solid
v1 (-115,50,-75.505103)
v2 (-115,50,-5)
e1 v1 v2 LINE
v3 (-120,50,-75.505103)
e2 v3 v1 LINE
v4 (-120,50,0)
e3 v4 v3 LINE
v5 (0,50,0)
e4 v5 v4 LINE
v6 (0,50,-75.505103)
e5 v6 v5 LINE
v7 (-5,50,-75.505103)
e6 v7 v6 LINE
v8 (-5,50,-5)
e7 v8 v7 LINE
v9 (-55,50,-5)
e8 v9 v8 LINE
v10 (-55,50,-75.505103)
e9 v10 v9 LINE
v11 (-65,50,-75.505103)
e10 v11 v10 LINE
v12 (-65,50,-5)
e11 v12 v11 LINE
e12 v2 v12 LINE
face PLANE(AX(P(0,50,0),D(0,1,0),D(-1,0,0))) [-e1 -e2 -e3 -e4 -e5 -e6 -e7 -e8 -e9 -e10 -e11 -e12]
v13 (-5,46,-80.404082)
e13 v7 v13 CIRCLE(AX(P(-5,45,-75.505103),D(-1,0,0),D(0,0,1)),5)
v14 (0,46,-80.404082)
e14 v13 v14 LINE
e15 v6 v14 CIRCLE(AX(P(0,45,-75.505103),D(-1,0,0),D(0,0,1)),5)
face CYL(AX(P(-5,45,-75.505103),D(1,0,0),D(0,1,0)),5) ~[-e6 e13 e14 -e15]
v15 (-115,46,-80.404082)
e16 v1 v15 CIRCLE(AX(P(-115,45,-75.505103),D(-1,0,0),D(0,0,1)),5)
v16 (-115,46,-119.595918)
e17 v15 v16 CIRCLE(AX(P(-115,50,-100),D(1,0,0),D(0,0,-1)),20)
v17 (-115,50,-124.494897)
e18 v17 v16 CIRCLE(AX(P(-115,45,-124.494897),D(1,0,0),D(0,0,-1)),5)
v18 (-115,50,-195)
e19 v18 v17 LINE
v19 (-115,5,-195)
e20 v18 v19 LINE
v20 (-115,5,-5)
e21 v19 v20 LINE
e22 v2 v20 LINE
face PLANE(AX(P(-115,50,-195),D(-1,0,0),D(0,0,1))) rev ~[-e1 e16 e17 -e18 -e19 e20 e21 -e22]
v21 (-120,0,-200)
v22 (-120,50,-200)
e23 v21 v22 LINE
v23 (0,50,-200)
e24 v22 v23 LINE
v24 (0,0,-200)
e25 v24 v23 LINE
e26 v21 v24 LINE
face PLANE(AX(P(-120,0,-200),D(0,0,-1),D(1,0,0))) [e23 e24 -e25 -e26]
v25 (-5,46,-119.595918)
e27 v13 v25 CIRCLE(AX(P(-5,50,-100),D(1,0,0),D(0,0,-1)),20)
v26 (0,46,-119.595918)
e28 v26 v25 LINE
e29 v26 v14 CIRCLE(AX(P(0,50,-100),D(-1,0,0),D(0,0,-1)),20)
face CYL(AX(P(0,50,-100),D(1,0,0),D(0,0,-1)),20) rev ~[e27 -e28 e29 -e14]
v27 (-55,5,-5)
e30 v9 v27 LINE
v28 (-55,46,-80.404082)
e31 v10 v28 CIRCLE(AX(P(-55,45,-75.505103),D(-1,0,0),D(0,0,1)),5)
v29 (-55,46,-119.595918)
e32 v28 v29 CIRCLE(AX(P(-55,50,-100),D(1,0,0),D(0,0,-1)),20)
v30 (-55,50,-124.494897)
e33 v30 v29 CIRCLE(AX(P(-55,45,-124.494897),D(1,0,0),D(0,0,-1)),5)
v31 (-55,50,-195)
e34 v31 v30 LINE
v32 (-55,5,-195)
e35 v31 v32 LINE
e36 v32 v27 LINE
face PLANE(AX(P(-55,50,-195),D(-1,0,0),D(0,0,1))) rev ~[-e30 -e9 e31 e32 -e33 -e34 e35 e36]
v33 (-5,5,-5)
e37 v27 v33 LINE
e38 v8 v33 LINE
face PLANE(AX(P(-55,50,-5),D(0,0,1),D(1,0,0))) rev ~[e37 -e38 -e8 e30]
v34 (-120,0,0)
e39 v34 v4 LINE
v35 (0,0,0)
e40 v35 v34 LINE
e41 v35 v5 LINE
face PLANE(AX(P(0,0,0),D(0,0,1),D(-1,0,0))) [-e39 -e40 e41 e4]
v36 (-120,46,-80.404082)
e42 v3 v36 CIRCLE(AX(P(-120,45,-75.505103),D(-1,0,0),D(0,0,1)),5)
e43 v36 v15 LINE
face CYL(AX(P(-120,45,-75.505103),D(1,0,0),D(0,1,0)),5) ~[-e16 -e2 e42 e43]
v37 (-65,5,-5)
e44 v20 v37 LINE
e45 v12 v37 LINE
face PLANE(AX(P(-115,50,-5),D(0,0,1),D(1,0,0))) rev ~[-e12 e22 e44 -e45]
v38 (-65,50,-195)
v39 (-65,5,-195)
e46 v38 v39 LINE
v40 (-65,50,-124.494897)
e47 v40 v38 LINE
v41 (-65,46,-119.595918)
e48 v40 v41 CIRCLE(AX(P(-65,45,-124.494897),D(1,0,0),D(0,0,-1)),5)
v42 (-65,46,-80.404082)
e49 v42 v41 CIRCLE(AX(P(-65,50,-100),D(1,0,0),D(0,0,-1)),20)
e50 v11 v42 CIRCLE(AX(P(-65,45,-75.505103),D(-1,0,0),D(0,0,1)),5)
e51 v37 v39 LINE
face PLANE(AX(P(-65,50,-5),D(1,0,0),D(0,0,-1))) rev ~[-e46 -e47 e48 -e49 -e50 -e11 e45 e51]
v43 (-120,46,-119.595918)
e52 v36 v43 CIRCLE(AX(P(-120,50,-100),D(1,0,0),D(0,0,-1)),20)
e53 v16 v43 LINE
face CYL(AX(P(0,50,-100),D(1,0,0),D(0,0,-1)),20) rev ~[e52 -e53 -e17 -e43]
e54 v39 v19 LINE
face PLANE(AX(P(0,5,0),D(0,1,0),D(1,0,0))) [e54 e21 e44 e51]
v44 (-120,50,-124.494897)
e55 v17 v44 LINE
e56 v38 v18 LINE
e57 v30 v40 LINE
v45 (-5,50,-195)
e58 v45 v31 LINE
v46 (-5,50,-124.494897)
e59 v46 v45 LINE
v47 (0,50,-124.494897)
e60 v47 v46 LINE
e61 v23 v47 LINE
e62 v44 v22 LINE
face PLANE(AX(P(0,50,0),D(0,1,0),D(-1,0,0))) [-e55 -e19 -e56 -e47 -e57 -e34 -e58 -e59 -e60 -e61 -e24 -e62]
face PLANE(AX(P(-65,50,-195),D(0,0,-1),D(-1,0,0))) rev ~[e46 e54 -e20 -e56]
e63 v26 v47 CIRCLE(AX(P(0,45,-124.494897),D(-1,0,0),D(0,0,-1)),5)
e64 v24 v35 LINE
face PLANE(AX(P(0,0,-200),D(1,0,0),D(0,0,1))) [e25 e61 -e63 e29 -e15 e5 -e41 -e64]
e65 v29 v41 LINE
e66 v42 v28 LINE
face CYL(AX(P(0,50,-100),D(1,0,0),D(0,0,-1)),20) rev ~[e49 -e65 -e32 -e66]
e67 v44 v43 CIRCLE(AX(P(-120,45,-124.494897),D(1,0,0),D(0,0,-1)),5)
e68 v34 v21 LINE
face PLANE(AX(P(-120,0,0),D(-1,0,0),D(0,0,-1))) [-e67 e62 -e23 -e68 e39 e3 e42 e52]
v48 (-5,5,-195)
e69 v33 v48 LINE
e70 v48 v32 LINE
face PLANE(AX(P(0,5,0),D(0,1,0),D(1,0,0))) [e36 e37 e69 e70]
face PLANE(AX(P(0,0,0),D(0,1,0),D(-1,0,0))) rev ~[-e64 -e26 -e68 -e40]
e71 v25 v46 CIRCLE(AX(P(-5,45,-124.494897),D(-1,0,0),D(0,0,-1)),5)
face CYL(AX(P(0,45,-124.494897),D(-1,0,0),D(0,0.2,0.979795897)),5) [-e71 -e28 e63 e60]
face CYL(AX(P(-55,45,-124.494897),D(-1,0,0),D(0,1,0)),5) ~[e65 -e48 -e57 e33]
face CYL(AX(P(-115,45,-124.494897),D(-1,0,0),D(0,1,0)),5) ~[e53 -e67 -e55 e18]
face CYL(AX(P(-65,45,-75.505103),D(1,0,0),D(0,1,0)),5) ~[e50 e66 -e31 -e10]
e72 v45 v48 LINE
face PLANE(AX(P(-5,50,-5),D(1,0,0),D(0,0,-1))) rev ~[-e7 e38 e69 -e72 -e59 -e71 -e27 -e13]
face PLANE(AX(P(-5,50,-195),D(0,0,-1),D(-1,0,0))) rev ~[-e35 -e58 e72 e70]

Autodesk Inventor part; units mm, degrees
ref_plane "YZ Plane" through (0, 0, 0) normal (1, 0, 0) x (0, 1, 0)
ref_plane "XZ Plane" through (0, 0, 0) normal (0, 1, 0) x (-1, 0, 0)
ref_plane "XY Plane" through (0, 0, 0) normal (0, 0, 1) x (1, 0, 0)
sketch "Sketch1" plane through (0, 0, 0) normal (0, 1, 0) x (-1, 0, 0)
  line L0 (0, 0) -> (120, 0)
  line L1 (120, 0) -> (120, -200)
  line L2 (120, -200) -> (0, -200)
  line L3 (0, -200) -> (0, 0)
  dimension "d0" = 120
  dimension "d1" = 200
extrude "Extrusion1" add sketch "Sketch1" along normal blind 50
sketch "Sketch2" plane through (0, 50, 0) normal (0, 1, 0) x (1, 0, 0)
  line L0 (-5, 5) -> (-5, 195)
  line L1 (0, 200) -> (-120, 200) projected
  line L2 (-5, 195) -> (-55, 195)
  line L3 (-55, 195) -> (-55, 5)
  line L4 (-55, 5) -> (-5, 5)
  line L5 (-115, 5) -> (-65, 5)
  line L6 (-65, 5) -> (-65, 195)
  line L7 (-65, 195) -> (-115, 195)
  line L8 (-115, 195) -> (-115, 5)
  point P0 (0, 0)
  dimension "d4" = 190
  dimension "d5" = 50
  dimension "d6" = 50
  dimension "d7" = 190
extrude "Extrusion2" cut sketch "Sketch2" against normal blind 45
sketch "Sketch4" plane through (0, 0, 0) normal (1, 0, 0) x (0, 0, -1)
  line L0 (5, 50) -> (195, 50) projected
  circle A0 centre (100, 50) radius 20
  point P0 (0, 0)
  dimension "d10" = 40
extrude "Extrusion3" cut sketch "Sketch4" against normal blind 120
fillet "Fillet1" radius 5 6 edges at (-117.5, 50, -120) (-117.5, 50, -80) (-60, 50, -120) (-60, 50, -80) (-2.5, 50, -120) (-2.5, 50, -80)
properties part number "Box"
